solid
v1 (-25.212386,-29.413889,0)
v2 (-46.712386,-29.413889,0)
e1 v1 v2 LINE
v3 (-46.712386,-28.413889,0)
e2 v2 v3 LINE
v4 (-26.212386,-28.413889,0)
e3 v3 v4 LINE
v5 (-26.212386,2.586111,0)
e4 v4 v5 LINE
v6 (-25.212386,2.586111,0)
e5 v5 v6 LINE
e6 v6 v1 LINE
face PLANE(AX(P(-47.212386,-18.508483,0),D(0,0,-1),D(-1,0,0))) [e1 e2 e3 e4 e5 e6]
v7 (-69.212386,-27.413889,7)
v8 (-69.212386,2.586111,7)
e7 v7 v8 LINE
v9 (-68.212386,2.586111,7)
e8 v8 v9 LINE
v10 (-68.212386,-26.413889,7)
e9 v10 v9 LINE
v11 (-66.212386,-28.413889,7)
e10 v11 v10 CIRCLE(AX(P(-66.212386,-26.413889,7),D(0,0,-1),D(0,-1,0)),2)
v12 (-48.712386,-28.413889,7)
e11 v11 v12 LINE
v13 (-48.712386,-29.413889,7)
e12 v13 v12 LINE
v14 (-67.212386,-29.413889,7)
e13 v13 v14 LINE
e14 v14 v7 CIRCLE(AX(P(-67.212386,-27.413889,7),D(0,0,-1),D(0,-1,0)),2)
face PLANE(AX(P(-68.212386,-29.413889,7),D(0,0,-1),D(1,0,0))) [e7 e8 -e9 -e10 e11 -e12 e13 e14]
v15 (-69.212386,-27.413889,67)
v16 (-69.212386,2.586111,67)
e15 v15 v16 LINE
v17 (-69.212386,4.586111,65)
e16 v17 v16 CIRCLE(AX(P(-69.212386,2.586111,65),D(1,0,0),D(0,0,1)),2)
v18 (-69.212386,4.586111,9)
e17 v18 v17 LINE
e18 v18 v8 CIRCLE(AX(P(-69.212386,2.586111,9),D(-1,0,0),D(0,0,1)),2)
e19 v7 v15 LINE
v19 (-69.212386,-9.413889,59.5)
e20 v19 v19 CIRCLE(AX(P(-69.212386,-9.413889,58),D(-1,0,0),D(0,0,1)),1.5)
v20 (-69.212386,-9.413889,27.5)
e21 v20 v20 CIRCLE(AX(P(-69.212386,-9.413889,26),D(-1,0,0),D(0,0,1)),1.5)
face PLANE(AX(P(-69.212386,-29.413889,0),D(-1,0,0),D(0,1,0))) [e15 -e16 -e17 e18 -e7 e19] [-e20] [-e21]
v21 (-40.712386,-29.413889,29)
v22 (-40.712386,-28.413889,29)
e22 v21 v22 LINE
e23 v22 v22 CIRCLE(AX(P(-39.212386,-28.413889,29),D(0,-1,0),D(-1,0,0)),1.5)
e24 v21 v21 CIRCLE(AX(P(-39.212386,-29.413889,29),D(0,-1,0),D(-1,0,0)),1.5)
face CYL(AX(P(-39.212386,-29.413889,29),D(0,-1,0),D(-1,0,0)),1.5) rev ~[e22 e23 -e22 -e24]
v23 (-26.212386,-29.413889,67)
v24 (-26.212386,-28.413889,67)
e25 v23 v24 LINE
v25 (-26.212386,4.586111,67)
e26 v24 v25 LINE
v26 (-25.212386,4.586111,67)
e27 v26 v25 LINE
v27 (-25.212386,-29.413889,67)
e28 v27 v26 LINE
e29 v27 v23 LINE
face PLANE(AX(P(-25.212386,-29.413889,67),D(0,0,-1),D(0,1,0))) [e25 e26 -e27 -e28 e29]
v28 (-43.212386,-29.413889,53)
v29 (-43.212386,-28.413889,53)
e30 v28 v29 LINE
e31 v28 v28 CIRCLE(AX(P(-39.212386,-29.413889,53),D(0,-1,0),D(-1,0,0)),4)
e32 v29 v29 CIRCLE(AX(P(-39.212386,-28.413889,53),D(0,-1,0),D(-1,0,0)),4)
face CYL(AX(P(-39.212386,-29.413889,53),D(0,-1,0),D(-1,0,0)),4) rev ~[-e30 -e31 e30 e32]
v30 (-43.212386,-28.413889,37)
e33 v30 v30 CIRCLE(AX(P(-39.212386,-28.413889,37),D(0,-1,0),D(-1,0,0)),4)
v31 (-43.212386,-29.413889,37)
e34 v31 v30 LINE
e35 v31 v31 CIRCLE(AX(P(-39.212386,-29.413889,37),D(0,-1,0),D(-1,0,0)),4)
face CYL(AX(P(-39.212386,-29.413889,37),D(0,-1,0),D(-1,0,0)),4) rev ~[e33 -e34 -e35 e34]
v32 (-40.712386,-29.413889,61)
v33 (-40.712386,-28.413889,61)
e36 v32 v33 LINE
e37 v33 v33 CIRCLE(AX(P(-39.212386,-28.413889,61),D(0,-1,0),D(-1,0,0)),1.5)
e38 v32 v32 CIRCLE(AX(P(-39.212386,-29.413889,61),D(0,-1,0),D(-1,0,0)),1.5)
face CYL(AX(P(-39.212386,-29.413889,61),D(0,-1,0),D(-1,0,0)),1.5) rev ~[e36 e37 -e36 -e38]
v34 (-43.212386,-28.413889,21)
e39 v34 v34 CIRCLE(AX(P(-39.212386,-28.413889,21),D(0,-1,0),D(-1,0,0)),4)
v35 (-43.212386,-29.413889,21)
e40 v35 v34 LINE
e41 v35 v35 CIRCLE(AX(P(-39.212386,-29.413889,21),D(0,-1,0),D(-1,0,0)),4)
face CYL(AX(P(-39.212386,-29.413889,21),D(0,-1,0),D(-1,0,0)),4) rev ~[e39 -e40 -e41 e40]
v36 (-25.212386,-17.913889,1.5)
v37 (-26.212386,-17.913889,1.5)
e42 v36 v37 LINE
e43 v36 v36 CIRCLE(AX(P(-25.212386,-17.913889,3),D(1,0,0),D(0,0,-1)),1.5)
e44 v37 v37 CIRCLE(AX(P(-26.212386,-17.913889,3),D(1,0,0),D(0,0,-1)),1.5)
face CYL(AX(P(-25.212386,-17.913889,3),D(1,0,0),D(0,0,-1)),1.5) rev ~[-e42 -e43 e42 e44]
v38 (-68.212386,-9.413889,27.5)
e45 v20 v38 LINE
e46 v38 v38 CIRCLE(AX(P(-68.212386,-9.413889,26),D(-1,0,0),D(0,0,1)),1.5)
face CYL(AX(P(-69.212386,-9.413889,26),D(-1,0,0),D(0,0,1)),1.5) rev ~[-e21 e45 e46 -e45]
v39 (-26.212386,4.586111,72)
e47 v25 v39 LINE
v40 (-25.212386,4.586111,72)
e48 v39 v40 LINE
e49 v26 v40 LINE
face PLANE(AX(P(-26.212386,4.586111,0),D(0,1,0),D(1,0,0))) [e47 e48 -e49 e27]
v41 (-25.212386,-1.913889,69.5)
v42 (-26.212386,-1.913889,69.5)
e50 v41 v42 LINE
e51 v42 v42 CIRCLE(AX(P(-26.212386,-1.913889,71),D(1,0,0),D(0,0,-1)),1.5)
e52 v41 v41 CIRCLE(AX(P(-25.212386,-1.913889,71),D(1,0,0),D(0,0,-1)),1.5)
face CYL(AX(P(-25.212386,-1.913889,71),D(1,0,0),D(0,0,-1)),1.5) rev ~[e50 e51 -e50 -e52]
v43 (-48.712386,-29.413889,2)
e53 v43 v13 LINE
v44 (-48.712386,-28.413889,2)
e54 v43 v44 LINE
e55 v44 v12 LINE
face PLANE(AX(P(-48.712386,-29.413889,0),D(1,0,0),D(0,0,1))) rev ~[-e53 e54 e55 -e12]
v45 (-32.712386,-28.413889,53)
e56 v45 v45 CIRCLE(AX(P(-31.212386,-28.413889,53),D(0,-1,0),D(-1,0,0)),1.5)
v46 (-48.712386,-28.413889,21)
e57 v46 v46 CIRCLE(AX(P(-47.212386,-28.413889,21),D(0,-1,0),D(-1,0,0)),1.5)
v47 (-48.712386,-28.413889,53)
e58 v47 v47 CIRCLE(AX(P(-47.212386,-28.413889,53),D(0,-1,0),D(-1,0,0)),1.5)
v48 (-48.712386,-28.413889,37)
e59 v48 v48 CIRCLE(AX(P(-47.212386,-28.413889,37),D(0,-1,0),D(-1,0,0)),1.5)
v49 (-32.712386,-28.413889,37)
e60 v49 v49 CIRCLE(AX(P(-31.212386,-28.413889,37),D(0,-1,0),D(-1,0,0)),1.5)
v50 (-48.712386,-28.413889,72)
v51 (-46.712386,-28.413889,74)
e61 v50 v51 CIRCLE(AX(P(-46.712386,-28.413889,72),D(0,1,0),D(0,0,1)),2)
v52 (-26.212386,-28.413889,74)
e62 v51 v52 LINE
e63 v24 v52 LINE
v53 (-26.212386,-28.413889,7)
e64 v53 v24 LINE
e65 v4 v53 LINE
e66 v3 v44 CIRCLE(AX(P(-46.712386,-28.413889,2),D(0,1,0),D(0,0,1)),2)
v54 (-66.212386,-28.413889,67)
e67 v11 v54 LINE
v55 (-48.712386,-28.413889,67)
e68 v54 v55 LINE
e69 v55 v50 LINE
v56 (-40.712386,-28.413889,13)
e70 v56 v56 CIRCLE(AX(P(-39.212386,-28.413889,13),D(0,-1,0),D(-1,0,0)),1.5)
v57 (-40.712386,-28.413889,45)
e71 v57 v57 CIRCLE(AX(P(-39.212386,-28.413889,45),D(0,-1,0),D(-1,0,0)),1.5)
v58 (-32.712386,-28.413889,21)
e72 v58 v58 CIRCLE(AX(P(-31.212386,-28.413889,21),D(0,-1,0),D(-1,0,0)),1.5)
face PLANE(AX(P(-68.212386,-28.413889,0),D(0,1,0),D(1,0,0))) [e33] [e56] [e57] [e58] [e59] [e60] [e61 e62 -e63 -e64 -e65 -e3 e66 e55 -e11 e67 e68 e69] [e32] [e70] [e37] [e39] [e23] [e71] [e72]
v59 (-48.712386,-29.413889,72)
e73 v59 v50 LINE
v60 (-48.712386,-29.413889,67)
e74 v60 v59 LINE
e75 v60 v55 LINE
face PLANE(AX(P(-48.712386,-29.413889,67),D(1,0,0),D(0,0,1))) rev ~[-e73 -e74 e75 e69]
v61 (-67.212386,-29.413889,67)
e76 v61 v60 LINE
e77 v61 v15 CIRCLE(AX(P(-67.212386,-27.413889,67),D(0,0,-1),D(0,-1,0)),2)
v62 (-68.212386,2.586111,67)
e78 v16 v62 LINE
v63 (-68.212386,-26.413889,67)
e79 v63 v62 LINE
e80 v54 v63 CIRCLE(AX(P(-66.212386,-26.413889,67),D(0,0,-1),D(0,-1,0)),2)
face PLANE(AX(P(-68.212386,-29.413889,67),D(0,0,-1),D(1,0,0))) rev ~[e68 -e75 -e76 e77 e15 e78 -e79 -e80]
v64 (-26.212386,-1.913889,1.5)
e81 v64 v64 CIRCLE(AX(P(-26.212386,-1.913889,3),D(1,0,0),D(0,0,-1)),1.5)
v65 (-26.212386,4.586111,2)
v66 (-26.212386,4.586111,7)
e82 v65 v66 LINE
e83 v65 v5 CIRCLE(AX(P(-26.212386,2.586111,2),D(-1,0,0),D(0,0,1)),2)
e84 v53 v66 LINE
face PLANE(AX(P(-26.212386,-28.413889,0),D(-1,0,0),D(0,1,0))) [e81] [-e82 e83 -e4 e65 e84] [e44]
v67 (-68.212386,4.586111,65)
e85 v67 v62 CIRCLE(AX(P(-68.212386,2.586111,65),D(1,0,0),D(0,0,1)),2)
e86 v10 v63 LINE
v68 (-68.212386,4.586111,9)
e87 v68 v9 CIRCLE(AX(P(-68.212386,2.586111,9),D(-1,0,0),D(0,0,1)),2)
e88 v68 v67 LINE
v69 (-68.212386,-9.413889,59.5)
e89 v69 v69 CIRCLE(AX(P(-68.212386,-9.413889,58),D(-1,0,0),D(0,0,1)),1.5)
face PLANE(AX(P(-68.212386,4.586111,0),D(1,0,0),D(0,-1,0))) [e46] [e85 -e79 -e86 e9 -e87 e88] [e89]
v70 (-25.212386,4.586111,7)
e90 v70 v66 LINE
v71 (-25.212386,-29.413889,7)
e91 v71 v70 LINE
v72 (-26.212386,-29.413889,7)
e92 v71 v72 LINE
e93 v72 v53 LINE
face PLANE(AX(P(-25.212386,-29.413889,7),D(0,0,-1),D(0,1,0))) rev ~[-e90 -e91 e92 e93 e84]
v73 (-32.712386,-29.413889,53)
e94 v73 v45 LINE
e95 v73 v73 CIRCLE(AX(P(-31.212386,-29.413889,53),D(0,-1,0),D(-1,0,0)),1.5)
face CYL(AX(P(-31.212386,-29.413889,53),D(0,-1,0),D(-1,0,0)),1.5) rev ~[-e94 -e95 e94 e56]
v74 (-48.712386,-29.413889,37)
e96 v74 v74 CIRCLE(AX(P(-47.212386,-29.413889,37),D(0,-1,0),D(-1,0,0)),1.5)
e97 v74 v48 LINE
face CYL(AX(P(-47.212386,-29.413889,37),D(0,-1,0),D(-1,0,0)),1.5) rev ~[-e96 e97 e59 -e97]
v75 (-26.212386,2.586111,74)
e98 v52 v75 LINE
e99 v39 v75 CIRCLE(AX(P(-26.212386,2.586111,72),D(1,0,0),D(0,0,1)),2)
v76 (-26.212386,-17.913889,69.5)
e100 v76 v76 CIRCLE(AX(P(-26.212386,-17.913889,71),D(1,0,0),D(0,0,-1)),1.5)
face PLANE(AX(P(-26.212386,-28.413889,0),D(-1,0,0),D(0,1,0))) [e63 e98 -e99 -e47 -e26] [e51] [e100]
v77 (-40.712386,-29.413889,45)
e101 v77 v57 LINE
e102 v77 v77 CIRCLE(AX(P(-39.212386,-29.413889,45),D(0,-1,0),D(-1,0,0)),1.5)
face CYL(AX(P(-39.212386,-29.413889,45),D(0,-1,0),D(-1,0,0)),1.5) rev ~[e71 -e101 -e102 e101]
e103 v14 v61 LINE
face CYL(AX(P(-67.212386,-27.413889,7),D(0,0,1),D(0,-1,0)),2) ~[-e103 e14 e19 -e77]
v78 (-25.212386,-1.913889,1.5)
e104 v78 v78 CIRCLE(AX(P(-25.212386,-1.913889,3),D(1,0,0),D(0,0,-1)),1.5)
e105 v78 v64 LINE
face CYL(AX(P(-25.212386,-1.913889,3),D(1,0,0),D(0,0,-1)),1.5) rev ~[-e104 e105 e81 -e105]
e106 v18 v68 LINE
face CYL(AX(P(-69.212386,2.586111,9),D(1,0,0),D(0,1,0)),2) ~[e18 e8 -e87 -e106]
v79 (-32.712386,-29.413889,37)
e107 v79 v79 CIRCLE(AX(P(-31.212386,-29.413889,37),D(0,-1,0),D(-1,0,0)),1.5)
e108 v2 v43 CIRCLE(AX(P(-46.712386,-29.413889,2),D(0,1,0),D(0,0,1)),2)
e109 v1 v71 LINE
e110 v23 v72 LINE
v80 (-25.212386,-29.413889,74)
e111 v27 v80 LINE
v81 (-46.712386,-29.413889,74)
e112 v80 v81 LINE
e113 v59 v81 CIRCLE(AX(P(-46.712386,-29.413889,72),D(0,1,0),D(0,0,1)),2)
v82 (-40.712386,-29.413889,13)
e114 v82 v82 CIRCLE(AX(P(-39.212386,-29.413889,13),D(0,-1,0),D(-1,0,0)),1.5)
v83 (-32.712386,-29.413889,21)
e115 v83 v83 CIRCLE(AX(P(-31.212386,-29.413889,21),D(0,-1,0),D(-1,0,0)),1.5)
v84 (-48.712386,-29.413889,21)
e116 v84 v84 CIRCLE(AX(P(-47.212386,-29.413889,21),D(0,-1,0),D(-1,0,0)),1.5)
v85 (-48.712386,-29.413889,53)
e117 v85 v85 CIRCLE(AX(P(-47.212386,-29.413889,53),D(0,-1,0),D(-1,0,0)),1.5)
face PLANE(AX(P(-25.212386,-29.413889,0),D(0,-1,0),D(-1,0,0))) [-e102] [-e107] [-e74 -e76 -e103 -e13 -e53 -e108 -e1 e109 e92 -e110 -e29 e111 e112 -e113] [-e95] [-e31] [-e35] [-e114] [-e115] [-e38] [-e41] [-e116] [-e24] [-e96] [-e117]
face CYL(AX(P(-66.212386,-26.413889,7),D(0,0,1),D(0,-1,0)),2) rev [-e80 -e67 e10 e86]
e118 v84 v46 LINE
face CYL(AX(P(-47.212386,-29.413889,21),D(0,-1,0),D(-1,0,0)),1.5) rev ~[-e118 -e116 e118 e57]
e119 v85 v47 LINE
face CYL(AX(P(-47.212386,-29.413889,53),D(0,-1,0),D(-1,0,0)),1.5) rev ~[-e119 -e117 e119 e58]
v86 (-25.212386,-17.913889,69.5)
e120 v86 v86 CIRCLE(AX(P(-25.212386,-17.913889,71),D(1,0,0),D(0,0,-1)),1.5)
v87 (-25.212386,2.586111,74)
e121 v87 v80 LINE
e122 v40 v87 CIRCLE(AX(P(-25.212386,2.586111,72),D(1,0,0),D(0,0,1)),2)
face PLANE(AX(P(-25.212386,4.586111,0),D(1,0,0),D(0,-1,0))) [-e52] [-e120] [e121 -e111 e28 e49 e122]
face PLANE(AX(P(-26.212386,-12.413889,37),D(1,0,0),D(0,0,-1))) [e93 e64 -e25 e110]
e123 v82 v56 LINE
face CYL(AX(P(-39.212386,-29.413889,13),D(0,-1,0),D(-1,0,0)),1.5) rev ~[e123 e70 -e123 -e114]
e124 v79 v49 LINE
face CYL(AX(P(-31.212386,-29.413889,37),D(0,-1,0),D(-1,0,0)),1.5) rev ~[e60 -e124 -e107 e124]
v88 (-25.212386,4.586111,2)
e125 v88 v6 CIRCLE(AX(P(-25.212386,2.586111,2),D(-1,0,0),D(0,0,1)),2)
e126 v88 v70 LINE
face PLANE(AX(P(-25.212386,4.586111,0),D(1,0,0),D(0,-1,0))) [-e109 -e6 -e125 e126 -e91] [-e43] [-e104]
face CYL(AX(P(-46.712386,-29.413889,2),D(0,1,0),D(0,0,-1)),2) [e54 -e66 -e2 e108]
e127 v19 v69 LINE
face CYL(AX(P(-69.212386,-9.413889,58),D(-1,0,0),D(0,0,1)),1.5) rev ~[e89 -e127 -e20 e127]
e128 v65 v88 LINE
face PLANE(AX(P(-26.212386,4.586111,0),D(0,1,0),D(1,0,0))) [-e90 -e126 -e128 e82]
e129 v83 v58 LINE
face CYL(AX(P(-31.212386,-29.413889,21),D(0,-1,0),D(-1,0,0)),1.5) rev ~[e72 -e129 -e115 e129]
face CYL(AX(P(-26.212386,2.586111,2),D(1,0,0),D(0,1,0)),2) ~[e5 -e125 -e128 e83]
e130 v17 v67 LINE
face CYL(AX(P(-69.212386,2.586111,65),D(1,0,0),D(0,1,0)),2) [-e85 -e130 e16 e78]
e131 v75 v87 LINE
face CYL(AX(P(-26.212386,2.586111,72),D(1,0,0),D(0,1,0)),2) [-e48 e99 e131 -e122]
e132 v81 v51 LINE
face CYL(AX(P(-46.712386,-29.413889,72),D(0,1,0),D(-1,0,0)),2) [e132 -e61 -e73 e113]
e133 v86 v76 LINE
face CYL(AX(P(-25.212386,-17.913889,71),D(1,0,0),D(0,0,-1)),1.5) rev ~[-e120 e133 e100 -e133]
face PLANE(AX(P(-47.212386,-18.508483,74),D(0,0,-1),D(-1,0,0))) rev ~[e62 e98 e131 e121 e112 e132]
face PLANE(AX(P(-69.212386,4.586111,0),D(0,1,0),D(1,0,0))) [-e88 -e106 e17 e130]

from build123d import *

# Parameters (mm, degrees)
BOSS_EXTRUDE1_DEPTH = 74
SKETCH2_R           = 1.5
CUT_EXTRUDE1_DEPTH  = 1
SKETCH4_W           = 60
SKETCH4_H           = 34
CUT_EXTRUDE2_DEPTH  = 1
SKETCH6_W           = 7
SKETCH6_H           = 34
CUT_EXTRUDE3_DEPTH  = 1
SKETCH7_R           = 1.5
CUT_EXTRUDE4_DEPTH  = 1
SKETCH8_R           = 4
SKETCH8_R_2         = 1.5
CUT_EXTRUDE5_DEPTH  = 1
SKETCH9_W           = 19.5
SKETCH9_H           = 7
CUT_EXTRUDE6_DEPTH  = 1
FILLET1_R           = 2


with BuildPart() as part:
    # Sketch1 → Boss-Extrude1 (new body)
    with BuildSketch(Plane.XY):
        Polygon((-68.212386303, 4.586111111), (-68.212386303, -28.413888889), (-26.212386303, -28.413888889), (-26.212386303, 4.586111111), (-25.212386303, 4.586111111), (-25.212386303, -29.413888889), (-69.212386303, -29.413888889), (-69.212386303, 4.586111111), align=None)
    extrude(amount=BOSS_EXTRUDE1_DEPTH)

    # Sketch2 → Cut-Extrude1 (cut)
    with BuildSketch(Plane(origin=(-25.212386303, 0, 0), x_dir=(0, 0, -1), z_dir=(1, 0, 0))):
        with Locations((-3, -1.913888889)):
            Circle(SKETCH2_R)
        with Locations((-71, -1.913888889)):
            Circle(SKETCH2_R)
        with Locations((-71, -17.913888889)):
            Circle(SKETCH2_R)
        with Locations((-3, -17.913888889)):
            Circle(SKETCH2_R)
    extrude(amount=-CUT_EXTRUDE1_DEPTH, mode=Mode.SUBTRACT)

    # Sketch4 → Cut-Extrude2 (cut)
    with BuildSketch(Plane(origin=(-25.212386303, 0, 0), x_dir=(0, 0, -1), z_dir=(1, 0, 0))):
        with Locations((-37, -12.413888889)):
            Rectangle(SKETCH4_W, SKETCH4_H)
    extrude(amount=-CUT_EXTRUDE2_DEPTH, mode=Mode.SUBTRACT)

    # Sketch6 → Cut-Extrude3 (cut)
    with BuildSketch(Plane.ZY.offset(69.212386303)):
        with Locations((3.5, -12.413888889)):
            Rectangle(SKETCH6_W, SKETCH6_H)
        with Locations((70.5, -12.413888889)):
            Rectangle(SKETCH6_W, SKETCH6_H)
    extrude(amount=-CUT_EXTRUDE3_DEPTH, mode=Mode.SUBTRACT)

    # Sketch7 → Cut-Extrude4 (cut)
    with BuildSketch(Plane.ZY.offset(69.212386303)):
        with Locations((58, -9.413888889)):
            Circle(SKETCH7_R)
        with Locations((26, -9.413888889)):
            Circle(SKETCH7_R)
    extrude(amount=-CUT_EXTRUDE4_DEPTH, mode=Mode.SUBTRACT)

    # Sketch8 → Cut-Extrude5 (cut)
    with BuildSketch(Plane(origin=(0, -29.413888889, 0), x_dir=(-1, 0, 0), z_dir=(0, -1, 0))):
        with Locations((39.212386303, -37)):
            Circle(SKETCH8_R)
        with Locations((39.212386303, -29)):
            Circle(SKETCH8_R_2)
        with Locations((47.212386303, -37)):
            Circle(SKETCH8_R_2)
        with Locations((39.212386303, -45)):
            Circle(SKETCH8_R_2)
        with Locations((31.212386303, -37)):
            Circle(SKETCH8_R_2)
        with Locations((31.212386303, -21)):
            Circle(SKETCH8_R_2)
        with Locations((39.212386303, -13)):
            Circle(SKETCH8_R_2)
        with Locations((47.212386303, -21)):
            Circle(SKETCH8_R_2)
        with Locations((39.212386303, -21)):
            Circle(SKETCH8_R)
        with Locations((39.212386303, -61)):
            Circle(SKETCH8_R_2)
        with Locations((39.212386303, -53)):
            Circle(SKETCH8_R)
        with Locations((47.212386303, -53)):
            Circle(SKETCH8_R_2)
        with Locations((31.212386303, -53)):
            Circle(SKETCH8_R_2)
    extrude(amount=-CUT_EXTRUDE5_DEPTH, mode=Mode.SUBTRACT)

    # Sketch9 → Cut-Extrude6 (cut)
    with BuildSketch(Plane.XZ.offset(29.413888889)):
        with Locations((-58.462386303, 3.5)):
            Rectangle(SKETCH9_W, SKETCH9_H)
        with Locations((-58.462386303, 70.5)):
            Rectangle(SKETCH9_W, SKETCH9_H)
    extrude(amount=-CUT_EXTRUDE6_DEPTH, mode=Mode.SUBTRACT)

    # Fillet1
    fillet1_edges = [part.edges().sort_by_distance(p)[0] for p in [
        (-48.712386303, -28.913888889, 0),
        (-25.712386303, 4.586111111, 74),
        (-48.712386303, -28.913888889, 74),
        (-68.712386303, 4.586111111, 7),
        (-68.212386303, -28.413888889, 37),
        (-69.212386303, -29.413888889, 37),
        (-68.712386303, 4.586111111, 67),
        (-25.712386303, 4.586111111, 0),
    ]]
    fillet(fillet1_edges, radius=FILLET1_R)


solid = part.part
